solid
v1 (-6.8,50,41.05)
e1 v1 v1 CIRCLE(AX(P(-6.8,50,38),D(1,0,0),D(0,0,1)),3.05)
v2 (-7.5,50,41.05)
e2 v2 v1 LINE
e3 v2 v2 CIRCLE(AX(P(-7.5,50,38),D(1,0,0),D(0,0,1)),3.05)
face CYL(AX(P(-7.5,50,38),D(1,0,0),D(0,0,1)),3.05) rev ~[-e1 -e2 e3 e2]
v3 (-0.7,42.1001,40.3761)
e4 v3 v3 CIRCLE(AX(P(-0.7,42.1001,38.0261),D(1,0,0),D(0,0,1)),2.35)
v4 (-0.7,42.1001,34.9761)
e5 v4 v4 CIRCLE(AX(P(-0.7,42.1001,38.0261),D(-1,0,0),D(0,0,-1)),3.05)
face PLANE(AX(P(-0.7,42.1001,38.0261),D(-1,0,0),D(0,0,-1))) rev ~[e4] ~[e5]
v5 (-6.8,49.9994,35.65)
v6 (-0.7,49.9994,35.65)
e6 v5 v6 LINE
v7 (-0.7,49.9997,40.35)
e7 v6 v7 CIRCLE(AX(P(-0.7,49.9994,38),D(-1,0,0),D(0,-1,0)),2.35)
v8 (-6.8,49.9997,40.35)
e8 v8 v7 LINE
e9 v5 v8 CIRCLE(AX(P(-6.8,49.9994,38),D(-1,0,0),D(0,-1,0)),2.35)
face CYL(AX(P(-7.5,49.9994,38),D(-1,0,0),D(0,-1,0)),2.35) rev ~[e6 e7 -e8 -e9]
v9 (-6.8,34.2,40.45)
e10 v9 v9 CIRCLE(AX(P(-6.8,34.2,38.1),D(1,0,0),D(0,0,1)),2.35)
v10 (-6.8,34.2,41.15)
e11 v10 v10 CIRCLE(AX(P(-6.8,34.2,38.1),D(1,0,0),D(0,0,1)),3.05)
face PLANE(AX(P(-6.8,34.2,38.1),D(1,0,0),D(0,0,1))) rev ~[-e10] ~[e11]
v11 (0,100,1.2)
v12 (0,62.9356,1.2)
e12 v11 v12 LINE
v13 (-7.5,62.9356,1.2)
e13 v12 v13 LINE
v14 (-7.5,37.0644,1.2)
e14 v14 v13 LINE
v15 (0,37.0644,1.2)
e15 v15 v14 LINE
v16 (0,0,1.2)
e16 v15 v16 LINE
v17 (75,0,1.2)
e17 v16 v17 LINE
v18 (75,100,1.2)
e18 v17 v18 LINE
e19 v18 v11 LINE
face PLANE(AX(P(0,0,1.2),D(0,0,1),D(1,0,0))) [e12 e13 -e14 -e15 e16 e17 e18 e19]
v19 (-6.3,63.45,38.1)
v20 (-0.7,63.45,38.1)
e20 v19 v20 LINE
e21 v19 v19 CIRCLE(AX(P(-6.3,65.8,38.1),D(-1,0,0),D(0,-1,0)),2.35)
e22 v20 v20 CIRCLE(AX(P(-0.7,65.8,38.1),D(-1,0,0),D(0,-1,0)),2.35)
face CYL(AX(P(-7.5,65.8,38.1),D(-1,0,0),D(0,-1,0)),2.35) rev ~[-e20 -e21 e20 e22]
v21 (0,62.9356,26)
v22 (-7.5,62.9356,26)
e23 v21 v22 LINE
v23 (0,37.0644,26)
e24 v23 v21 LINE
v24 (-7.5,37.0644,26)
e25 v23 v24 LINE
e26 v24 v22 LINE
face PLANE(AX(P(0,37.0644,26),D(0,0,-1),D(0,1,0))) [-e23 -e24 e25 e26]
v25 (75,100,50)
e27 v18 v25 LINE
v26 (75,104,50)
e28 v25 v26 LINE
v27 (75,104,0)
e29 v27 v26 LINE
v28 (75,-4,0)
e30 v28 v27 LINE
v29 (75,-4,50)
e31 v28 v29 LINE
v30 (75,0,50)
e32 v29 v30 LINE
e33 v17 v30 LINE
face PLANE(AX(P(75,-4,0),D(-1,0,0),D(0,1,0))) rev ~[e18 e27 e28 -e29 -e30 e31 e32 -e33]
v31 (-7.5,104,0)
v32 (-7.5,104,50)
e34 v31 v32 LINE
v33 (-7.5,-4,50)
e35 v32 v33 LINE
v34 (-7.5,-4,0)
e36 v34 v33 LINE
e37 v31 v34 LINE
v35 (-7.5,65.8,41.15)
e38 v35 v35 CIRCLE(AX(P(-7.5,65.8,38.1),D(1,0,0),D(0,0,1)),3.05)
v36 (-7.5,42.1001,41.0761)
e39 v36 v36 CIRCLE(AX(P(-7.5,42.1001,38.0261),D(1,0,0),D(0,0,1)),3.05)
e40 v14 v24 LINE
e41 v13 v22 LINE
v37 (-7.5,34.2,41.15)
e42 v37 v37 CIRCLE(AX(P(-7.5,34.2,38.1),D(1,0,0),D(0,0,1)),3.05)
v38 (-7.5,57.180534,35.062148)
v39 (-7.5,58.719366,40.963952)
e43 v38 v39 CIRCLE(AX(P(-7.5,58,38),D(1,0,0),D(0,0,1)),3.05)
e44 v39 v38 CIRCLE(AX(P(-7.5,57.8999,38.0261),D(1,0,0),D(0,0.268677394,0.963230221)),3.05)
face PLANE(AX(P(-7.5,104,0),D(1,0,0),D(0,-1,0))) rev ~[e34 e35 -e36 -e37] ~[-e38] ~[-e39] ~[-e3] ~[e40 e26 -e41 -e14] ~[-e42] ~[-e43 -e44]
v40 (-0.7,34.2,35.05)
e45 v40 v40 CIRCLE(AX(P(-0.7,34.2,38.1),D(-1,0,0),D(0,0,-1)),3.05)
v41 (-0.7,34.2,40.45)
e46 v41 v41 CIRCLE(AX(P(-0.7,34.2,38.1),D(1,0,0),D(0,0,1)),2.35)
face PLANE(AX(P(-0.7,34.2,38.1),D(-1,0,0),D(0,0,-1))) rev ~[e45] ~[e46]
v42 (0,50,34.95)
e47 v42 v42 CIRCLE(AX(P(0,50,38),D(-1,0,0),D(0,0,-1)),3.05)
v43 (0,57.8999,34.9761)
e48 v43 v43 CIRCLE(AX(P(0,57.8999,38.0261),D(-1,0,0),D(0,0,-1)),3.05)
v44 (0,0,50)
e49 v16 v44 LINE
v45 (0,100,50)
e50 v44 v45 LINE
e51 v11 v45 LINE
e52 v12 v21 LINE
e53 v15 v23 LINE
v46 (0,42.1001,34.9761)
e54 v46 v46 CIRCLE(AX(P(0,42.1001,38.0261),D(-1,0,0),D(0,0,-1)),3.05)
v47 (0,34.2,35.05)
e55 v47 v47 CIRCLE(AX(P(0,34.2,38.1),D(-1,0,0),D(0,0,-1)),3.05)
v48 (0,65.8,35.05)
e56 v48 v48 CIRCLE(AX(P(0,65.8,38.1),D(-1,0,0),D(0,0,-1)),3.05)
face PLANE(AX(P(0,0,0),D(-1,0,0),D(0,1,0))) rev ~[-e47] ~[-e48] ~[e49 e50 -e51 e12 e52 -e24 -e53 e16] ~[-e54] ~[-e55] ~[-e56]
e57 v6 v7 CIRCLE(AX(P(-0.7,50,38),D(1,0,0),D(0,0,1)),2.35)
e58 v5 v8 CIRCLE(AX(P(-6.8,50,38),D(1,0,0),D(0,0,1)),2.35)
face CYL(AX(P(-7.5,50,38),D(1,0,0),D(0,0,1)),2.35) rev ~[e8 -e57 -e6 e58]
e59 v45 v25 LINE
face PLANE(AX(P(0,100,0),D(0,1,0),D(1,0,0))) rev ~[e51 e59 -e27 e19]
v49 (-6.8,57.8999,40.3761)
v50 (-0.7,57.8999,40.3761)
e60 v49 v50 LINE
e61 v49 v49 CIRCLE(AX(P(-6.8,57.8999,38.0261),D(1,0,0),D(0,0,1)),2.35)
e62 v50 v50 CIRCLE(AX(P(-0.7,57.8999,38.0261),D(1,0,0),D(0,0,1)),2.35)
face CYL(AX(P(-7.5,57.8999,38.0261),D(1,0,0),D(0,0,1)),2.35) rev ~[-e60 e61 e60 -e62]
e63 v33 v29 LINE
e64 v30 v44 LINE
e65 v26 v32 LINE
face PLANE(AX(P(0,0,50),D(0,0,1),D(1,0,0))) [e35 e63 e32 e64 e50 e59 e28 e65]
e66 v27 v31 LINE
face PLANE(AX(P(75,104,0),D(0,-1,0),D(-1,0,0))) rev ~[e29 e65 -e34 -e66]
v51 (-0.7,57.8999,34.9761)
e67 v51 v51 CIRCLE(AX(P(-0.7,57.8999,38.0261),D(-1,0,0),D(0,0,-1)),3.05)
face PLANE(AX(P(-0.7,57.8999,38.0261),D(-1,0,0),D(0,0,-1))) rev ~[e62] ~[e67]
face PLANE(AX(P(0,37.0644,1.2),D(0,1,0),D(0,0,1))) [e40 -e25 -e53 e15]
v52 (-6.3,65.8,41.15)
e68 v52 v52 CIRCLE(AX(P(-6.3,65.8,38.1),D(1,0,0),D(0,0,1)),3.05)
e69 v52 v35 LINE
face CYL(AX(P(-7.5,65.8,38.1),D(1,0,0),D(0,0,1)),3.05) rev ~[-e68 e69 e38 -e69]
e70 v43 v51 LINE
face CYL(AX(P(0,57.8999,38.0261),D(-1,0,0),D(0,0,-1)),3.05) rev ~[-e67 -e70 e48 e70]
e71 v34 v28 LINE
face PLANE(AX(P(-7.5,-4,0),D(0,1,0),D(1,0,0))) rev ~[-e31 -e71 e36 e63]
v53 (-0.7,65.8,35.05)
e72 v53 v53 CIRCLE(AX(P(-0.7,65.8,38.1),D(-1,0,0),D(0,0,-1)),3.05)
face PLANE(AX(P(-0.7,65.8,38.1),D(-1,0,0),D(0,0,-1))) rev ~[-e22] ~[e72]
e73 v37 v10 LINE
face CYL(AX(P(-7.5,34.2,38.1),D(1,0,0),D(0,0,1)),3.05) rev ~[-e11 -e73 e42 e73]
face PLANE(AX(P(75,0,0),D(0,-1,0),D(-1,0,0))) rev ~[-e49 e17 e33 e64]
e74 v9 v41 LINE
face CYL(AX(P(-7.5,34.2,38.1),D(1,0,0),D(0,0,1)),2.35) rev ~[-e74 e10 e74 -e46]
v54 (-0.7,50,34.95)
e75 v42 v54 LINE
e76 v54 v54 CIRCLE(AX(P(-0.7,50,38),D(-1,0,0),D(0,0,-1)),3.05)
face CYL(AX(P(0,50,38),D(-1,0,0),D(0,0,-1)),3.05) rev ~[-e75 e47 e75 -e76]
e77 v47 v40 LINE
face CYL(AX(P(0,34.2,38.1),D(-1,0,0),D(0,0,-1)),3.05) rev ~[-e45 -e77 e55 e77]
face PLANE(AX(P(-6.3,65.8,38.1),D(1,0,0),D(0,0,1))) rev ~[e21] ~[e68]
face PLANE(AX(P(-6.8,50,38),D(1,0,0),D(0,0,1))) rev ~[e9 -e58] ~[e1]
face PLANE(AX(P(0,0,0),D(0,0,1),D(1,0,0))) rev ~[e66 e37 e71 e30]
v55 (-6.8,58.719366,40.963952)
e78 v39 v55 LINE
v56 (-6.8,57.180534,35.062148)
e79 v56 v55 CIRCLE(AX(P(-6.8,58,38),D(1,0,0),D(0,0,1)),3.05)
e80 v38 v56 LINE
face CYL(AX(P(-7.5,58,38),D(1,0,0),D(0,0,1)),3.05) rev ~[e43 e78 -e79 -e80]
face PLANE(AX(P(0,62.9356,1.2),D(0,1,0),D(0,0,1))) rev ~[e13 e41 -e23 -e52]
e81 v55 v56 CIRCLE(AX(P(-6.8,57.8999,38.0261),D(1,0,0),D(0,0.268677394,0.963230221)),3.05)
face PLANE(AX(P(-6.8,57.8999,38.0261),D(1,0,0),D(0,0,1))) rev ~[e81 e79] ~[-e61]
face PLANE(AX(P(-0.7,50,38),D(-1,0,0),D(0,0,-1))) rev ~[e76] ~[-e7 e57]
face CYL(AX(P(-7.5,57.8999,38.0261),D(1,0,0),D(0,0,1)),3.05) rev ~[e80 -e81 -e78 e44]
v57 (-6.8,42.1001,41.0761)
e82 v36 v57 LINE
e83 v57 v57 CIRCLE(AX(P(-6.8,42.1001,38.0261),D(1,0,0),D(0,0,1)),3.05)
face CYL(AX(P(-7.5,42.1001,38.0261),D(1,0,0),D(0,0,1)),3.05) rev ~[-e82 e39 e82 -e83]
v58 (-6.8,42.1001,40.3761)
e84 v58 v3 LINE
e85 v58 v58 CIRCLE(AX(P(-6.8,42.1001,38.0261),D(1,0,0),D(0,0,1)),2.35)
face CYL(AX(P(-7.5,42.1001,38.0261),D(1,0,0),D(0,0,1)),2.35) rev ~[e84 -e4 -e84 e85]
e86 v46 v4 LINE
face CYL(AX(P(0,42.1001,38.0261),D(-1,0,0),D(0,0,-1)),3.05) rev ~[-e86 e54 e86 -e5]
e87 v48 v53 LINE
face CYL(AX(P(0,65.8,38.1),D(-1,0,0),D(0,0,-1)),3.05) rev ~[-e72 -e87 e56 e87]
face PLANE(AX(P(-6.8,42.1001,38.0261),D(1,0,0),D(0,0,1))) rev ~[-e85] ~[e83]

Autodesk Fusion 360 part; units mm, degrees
sketch "Sketch1" plane through (0, 0, 0) normal (0, 0, 1) x (1, 0, 0)
  line L0 (0, 0) -> (140, 0)
  line L1 (140, 0) -> (140, 150)
  line L2 (140, 150) -> (0, 150)
  line L3 (0, 150) -> (0, 0)
sketch "Sketch2" plane through (0, 0, 0) normal (0, 0, 1) x (1, 0, 0)
sketch "Sketch3" plane through (0, 0, 0) normal (0, 0, 1) x (1, 0, 0)
  line L0 (0, 0) -> (0, 100)
  line L1 (0, 100) -> (75, 100)
  line L2 (75, 100) -> (75, 0)
  line L3 (75, 0) -> (0, 0)
  line L4 (75, 100) -> (75, 104)
  line L5 (75, 104) -> (-7.5, 104)
  line L6 (-7.5, 104) -> (-7.5, -4)
  line L7 (-7.5, -4) -> (75, -4)
  line L8 (75, -4) -> (75, 0)
  dimension "d4" = 75
  dimension "d5" = 4
  dimension "d6" = 82.5
  dimension "d7" = 108
  dimension "d8" = 82.5
extrude "Extrude2" add sketch "Sketch3" along normal blind 50 contours L0 L1 L3 L4 L5 L6 L7 L8
sketch "Sketch4" plane through (0, 0, 0) normal (0, 0, 1) x (1, 0, 0)
sketch "Sketch5" plane through (0, 0, 0) normal (0, 0, 1) x (1, 0, 0)
  line L0 (75, 0) -> (75, 100)
  line L1 (75, 100) -> (0, 100)
  line L2 (0, 100) -> (0, 0)
  line L3 (0, 0) -> (75, 0)
extrude "Extrude3" add sketch "Sketch5" along normal blind 1.2
sketch "Sketch6" plane through (0, 0, 0) normal (1, 0, 0) x (0, 1, 0)
  line L0 (0, 1.2) -> (100, 1.2)
  line L1 (100, 1.2) -> (100, 50)
  line L2 (100, 50) -> (0, 50)
  line L3 (0, 50) -> (0, 1.2)
sketch "Sketch7" plane through (0, 0, 0) normal (1, 0, 0) x (0, 1, 0)
  line L0 (92, -12) -> (91.9892, -11.1216)
sketch "Sketch8" plane through (0, 0, 0) normal (1, 0, 0) x (0, 1, 0)
sketch "Sketch9" plane through (0, 0, 0) normal (1, 0, 0) x (0, 1, 0)
sketch "Sketch10" plane through (0, 0, 0) normal (1, 0, 0) x (0, 1, 0)
  line L0 (0, 1.2) -> (100, 1.2)
  line L1 (100, 1.2) -> (100, 50)
  line L2 (100, 50) -> (0, 50)
  line L3 (0, 50) -> (0, 1.2)
  line L4 (37.0644, 1.2) -> (37.0644, 26)
  line L5 (37.0644, 26) -> (50, 26)
  line L6 (7, 61) -> (6, 65)
  line L7 (62.9356, 26) -> (50, 26)
  line L8 (62.9356, 1.2) -> (62.9356, 26)
sketch "Sketch11" plane through (0, 0, 0) normal (1, 0, 0) x (0, 1, 0)
  line L0 (37, 1) -> (63, 1)
extrude "Extrude4" cut sketch "Sketch10" against normal blind 16 contours L0 L4 L5 L7 L8
sketch "Sketch12" plane through (0, 0, 0) normal (1, 0, 0) x (0, 1, 0)
sketch "Sketch19" plane through (-7.5, 0, 0) normal (-1, 0, 0) x (0, -1, 0)
  line L0 (-62.9356, 1.2) -> (-62.9356, 26)
  line L1 (-62.9356, 26) -> (-37.0644, 26)
  line L2 (-37.0644, 26) -> (-37.0644, 1.2)
  line L3 (-37.0644, 1.2) -> (-62.9356, 1.2)
  line L4 (-104, 0) -> (4, 0)
  line L5 (4, 0) -> (4, 50)
  line L6 (4, 50) -> (-104, 50)
  line L7 (-104, 50) -> (-104, 0)
  line L8 (-50, 26) -> (-50, 50)
  circle A0 centre (-50, 38) radius 3.05
  line L9 (-53.0499, 38.0261) -> (-54.8499, 38.0261)
  circle A1 centre (-57.8999, 38.0261) radius 3.05
  line L10 (-60.9495, 37.9796) -> (-62.7495, 37.9796)
  circle A2 centre (-65.7995, 37.9942) radius 3.05
  circle A3 centre (-34.2005, 37.9942) radius 3.05
  circle A4 centre (-42.1001, 38.0261) radius 3.05
  line L11 (-46.9501, 38.0261) -> (-45.1501, 38.0261)
  line L12 (-39.0505, 37.9796) -> (-37.2505, 37.9796)
  circle A5 centre (-50, 38) radius 2.35
  circle A6 centre (-65.7995, 37.9942) radius 2.35
  circle A7 centre (-57.8999, 38.0261) radius 2.35
  circle A8 centre (-42.1001, 38.0261) radius 2.35
  circle A9 centre (-34.2005, 37.9942) radius 2.35
  dimension "d35" = 6.1
  dimension "d36" = 1.8
  dimension "d37" = 6.1
  dimension "d38" = 1.8
  dimension "d39" = 6.1
  dimension "d40" = 4.7
  dimension "d41" = 4.7
  dimension "d42" = 4.7
  dimension "d43" = 4.7
  dimension "d44" = 4.7
sketch "Sketch13" plane through (-7.5, 0, 0) normal (-1, 0, 0) x (0, -1, 0)
  line L0 (-62.9356, 1.2) -> (-62.9356, 26)
  line L1 (-62.9356, 26) -> (-37.0644, 26)
  line L2 (-37.0644, 26) -> (-37.0644, 1.2)
  line L3 (-37.0644, 1.2) -> (-62.9356, 1.2)
  line L4 (-104, 0) -> (4, 0)
  line L5 (4, 0) -> (4, 50)
  line L6 (4, 50) -> (-104, 50)
  line L7 (-104, 50) -> (-104, 0)
sketch "Sketch14" plane through (-7.5, 50, 25) normal (-1, 0, 0) x (0, -1, 0)
  line L0 (0.0006, 25) -> (0.0006, 1)
  line L1 (-12.9356, 1) -> (12.9356, 1)
  line L2 (54, 25) -> (-54, 25)
  circle A0 centre (0.0006, 13) radius 3.05
  circle A1 centre (0.0006, 13) radius 2.35
  dimension "d18" = 6.1
  dimension "d19" = 4.7
sketch "Sketch15" plane through (-7.5, 50, 25) normal (-1, 0, 0) x (0, -1, 0)
sketch "Sketch16" plane through (-7.5, 0, 0) normal (-1, 0, 0) x (0, -1, 0)
  line L0 (-53.0494, 38) -> (-54.8494, 38)
  circle A0 centre (-57.8994, 38) radius 3.05
  circle A1 centre (-57.8994, 38) radius 2.35
  circle A2 centre (-49.9994, 38) radius 3.05
  line L1 (-60.9494, 38) -> (-62.7494, 38)
  circle A3 centre (-65.8, 38.1) radius 3.05
  circle A4 centre (-65.8, 38.1) radius 2.35
  line L2 (-49.9994, 50) -> (-49.9994, 26)
  circle A5 centre (-42.0994, 38) radius 2.35
  circle A6 centre (-42.0994, 38) radius 3.05
  circle A7 centre (-34.1988, 38.1) radius 2.35
  circle A8 centre (-34.1988, 38.1) radius 3.05
  line L3 (-39.0494, 38) -> (-37.2494, 38)
  line L4 (-46.9494, 38) -> (-45.1494, 38)
  dimension "d24" = 1.8
  dimension "d25" = 6.1
  dimension "d26" = 4.7
  dimension "d27" = 1.8
  dimension "d28" = 6.1
  dimension "d29" = 4.7
extrude "Extrude5" cut sketch "Sketch16" against normal blind 19 contours A4
sketch "Sketch18" plane through (-7.5, 50, 25) normal (-1, 0, 0) x (0, -1, 0)
sketch "Sketch17" plane through (-7.5, 0, 0) normal (-1, 0, 0) x (0, -1, 0)
extrude "Extrude6" cut sketch "Sketch14" against normal blind 7 contours L0 A1 picked at (0.839, 13.6628)
hole "Hole1" at (-7.5, 57.8999, 38.0261) direction (1, 0, 0) diameter 4.7 depth 8 tip angle 180
sketch "Sketch20" plane through (-7.5, 0, 0) normal (-1, 0, 0) x (0, -1, 0)
sketch "Sketch21" plane through (-7.5, 0, 0) normal (-1, 0, 0) x (0, -1, 0)
  line L0 (-50, 50) -> (-50, 26)
  circle A0 centre (-50, 38) radius 3.05
  circle A1 centre (-57.8999, 38.0261) radius 3.05
  circle A2 centre (-57.8999, 38.0261) radius 2.35
  circle A3 centre (-65.8, 38.1) radius 2.9921
  circle A4 centre (-65.8, 38.1) radius 2.35
  circle A5 centre (-50, 38) radius 2.35
  dimension "d48" = 6.1
  dimension "d49" = 6.1
  dimension "d50" = 4.7
hole "Hole2" at (-7.5, 50, 38) direction (1, 0, 0) diameter 4.7 depth 8 tip angle 180
sketch "Sketch22" plane through (-7.5, 0, 0) normal (-1, 0, 0) x (0, -1, 0)
  line L0 (-50, 50) -> (-50, 26)
  circle A0 centre (-65.8, 38.1) radius 2.35
  circle A1 centre (-65.8, 38.1) radius 2.35
  circle A2 centre (-34.2, 38.1) radius 2.35
  dimension "d54" = 4.7
hole "Hole3" at (-7.5, 34.2, 38.1) direction (1, 0, 0) diameter 4.7 depth 8 tip angle 180
sketch "Sketch23" plane through (-7.5, 0, 0) normal (-1, 0, 0) x (0, -1, 0)
  circle A0 centre (-57.8999, 38.0261) radius 2.35
  circle A1 centre (-57.8999, 38.0261) radius 2.35
  line L0 (-50, 50) -> (-50, 26)
  circle A2 centre (-42.1001, 38.0261) radius 2.35
  dimension "d58" = 4.7
hole "Hole4" at (-7.5, 42.1001, 38.0261) direction (1, 0, 0) diameter 4.7 depth 8 tip angle 180
sketch "Sketch24" plane through (-7.5, 0, 0) normal (-1, 0, 0) x (0, -1, 0)
  circle A0 centre (-65.8, 38.1) radius 3.05
  circle A1 centre (-65.8, 38.1) radius 2.35
  dimension "d62" = 6.1
sketch "Sketch25" plane through (-7.5, 0, 0) normal (-1, 0, 0) x (0, -1, 0)
  circle A0 centre (-65.8, 38.1) radius 3.05
  circle A1 centre (-65.8, 38.1) radius 2.35
  dimension "d66" = 6.1
sketch "Sketch26" plane through (-7.5, 0, 0) normal (-1, 0, 0) x (0, -1, 0)
  circle A0 centre (-65.8, 38.1) radius 3.05
  circle A1 centre (-65.8, 38.1) radius 2.35
  dimension "d70" = 6.1
sketch "Sketch27" plane through (-7.5, 0, 0) normal (-1, 0, 0) x (0, -1, 0)
  circle A0 centre (-65.8, 38.1) radius 3.05
  circle A1 centre (-65.8, 38.1) radius 2.35
  dimension "d74" = 6.1
hole "Hole8" at (-7.5, 65.8, 38.1) direction (1, 0, 0) diameter 6.1 depth 0.7 tip angle 180
sketch "Sketch28" plane through (-7.5, 0, 0) normal (-1, 0, 0) x (0, -1, 0)
  circle A0 centre (-58, 38) radius 3.05
  dimension "d78" = 6.1
sketch "Sketch29" plane through (-7.5, 0, 0) normal (-1, 0, 0) x (0, -1, 0)
  circle A0 centre (-57.8999, 38.0261) radius 3.05
  circle A1 centre (-57.8999, 38.0261) radius 2.35
  dimension "d82" = 6.1
hole "Hole10" at (-7.5, 57.8999, 38.0261) direction (1, 0, 0) diameter 6.1 depth 0.7 tip angle 180
sketch "Sketch30" plane through (-7.5, 0, 0) normal (-1, 0, 0) x (0, -1, 0)
  circle A0 centre (-50, 38) radius 3.05
  dimension "d86" = 6.1
hole "Hole11" at (-7.5, 50, 38) direction (1, 0, 0) diameter 6.1 depth 0.7 tip angle 180
sketch "Sketch31" plane through (-7.5, 0, 0) normal (-1, 0, 0) x (0, -1, 0)
  circle A0 centre (-42.1001, 38.0261) radius 3.05
  circle A1 centre (-42.1001, 38.0261) radius 2.35
  dimension "d90" = 6.1
hole "Hole12" at (-7.5, 42.1001, 38.0261) direction (1, 0, 0) diameter 6.1 depth 0.7 tip angle 180
sketch "Sketch32" plane through (-7.5, 0, 0) normal (-1, 0, 0) x (0, -1, 0)
  circle A0 centre (-34.2, 38.1) radius 3.05
  circle A1 centre (-34.2, 38.1) radius 2.35
  dimension "d94" = 6.1
hole "Hole13" at (-7.5, 34.2, 38.1) direction (1, 0, 0) diameter 6.1 depth 0.7 tip angle 180
sketch "Sketch33" plane through (0, 0, 0) normal (1, 0, 0) x (0, 1, 0)
  circle A0 centre (34.2, 38.1) radius 3.05
  circle A1 centre (34.2, 38.1) radius 2.35
  dimension "d98" = 6.1
hole "Hole14" at (0, 34.2, 38.1) direction (-1, 0, 0) diameter 6.1 depth 0.7 tip angle 180
sketch "Sketch34" plane through (0, 0, 0) normal (1, 0, 0) x (0, 1, 0)
  circle A0 centre (42.1001, 38.0261) radius 3.05
  circle A1 centre (42.1001, 38.0261) radius 2.35
  dimension "d102" = 6.1
hole "Hole15" at (0, 42.1001, 38.0261) direction (-1, 0, 0) diameter 6.1 depth 0.7 tip angle 180
sketch "Sketch35" plane through (0, 0, 0) normal (1, 0, 0) x (0, 1, 0)
  circle A0 centre (50, 38) radius 3.05
  dimension "d107" = 6.1
hole "Hole16" at (0, 50, 38) direction (-1, 0, 0) diameter 6.1 depth 0.7 tip angle 180
sketch "Sketch36" plane through (0, 0, 0) normal (1, 0, 0) x (0, 1, 0)
  circle A0 centre (57.8999, 38.0261) radius 3.05
  circle A1 centre (57.8999, 38.0261) radius 2.35
  dimension "d111" = 6.1
hole "Hole17" at (0, 57.8999, 38.0261) direction (-1, 0, 0) diameter 6.1 depth 0.7 tip angle 180
sketch "Sketch37" plane through (0, 0, 0) normal (1, 0, 0) x (0, 1, 0)
  circle A0 centre (65.8, 38.1) radius 3.05
  circle A1 centre (65.8, 38.1) radius 2.35
  dimension "d115" = 6.1
hole "Hole18" at (0, 65.8, 38.1) direction (-1, 0, 0) diameter 6.1 depth 0.7 tip angle 180
hole "Hole9" at (-7.5, 58, 38) direction (1, 0, 0) diameter 6.1 depth 0.7 tip angle 180
hole "Hole7" at (-7.5, 65.8, 38.1) direction (1, 0, 0) diameter 6.1 depth 1 tip angle 180
hole "Hole6" at (-7.5, 65.8, 38.1) direction (1, 0, 0) diameter 6.1 depth 1.2 tip angle 180
hole "Hole5" at (-7.5, 65.8, 38.1) direction (1, 0, 0) diameter 6.1 depth 0.1 tip angle 180
